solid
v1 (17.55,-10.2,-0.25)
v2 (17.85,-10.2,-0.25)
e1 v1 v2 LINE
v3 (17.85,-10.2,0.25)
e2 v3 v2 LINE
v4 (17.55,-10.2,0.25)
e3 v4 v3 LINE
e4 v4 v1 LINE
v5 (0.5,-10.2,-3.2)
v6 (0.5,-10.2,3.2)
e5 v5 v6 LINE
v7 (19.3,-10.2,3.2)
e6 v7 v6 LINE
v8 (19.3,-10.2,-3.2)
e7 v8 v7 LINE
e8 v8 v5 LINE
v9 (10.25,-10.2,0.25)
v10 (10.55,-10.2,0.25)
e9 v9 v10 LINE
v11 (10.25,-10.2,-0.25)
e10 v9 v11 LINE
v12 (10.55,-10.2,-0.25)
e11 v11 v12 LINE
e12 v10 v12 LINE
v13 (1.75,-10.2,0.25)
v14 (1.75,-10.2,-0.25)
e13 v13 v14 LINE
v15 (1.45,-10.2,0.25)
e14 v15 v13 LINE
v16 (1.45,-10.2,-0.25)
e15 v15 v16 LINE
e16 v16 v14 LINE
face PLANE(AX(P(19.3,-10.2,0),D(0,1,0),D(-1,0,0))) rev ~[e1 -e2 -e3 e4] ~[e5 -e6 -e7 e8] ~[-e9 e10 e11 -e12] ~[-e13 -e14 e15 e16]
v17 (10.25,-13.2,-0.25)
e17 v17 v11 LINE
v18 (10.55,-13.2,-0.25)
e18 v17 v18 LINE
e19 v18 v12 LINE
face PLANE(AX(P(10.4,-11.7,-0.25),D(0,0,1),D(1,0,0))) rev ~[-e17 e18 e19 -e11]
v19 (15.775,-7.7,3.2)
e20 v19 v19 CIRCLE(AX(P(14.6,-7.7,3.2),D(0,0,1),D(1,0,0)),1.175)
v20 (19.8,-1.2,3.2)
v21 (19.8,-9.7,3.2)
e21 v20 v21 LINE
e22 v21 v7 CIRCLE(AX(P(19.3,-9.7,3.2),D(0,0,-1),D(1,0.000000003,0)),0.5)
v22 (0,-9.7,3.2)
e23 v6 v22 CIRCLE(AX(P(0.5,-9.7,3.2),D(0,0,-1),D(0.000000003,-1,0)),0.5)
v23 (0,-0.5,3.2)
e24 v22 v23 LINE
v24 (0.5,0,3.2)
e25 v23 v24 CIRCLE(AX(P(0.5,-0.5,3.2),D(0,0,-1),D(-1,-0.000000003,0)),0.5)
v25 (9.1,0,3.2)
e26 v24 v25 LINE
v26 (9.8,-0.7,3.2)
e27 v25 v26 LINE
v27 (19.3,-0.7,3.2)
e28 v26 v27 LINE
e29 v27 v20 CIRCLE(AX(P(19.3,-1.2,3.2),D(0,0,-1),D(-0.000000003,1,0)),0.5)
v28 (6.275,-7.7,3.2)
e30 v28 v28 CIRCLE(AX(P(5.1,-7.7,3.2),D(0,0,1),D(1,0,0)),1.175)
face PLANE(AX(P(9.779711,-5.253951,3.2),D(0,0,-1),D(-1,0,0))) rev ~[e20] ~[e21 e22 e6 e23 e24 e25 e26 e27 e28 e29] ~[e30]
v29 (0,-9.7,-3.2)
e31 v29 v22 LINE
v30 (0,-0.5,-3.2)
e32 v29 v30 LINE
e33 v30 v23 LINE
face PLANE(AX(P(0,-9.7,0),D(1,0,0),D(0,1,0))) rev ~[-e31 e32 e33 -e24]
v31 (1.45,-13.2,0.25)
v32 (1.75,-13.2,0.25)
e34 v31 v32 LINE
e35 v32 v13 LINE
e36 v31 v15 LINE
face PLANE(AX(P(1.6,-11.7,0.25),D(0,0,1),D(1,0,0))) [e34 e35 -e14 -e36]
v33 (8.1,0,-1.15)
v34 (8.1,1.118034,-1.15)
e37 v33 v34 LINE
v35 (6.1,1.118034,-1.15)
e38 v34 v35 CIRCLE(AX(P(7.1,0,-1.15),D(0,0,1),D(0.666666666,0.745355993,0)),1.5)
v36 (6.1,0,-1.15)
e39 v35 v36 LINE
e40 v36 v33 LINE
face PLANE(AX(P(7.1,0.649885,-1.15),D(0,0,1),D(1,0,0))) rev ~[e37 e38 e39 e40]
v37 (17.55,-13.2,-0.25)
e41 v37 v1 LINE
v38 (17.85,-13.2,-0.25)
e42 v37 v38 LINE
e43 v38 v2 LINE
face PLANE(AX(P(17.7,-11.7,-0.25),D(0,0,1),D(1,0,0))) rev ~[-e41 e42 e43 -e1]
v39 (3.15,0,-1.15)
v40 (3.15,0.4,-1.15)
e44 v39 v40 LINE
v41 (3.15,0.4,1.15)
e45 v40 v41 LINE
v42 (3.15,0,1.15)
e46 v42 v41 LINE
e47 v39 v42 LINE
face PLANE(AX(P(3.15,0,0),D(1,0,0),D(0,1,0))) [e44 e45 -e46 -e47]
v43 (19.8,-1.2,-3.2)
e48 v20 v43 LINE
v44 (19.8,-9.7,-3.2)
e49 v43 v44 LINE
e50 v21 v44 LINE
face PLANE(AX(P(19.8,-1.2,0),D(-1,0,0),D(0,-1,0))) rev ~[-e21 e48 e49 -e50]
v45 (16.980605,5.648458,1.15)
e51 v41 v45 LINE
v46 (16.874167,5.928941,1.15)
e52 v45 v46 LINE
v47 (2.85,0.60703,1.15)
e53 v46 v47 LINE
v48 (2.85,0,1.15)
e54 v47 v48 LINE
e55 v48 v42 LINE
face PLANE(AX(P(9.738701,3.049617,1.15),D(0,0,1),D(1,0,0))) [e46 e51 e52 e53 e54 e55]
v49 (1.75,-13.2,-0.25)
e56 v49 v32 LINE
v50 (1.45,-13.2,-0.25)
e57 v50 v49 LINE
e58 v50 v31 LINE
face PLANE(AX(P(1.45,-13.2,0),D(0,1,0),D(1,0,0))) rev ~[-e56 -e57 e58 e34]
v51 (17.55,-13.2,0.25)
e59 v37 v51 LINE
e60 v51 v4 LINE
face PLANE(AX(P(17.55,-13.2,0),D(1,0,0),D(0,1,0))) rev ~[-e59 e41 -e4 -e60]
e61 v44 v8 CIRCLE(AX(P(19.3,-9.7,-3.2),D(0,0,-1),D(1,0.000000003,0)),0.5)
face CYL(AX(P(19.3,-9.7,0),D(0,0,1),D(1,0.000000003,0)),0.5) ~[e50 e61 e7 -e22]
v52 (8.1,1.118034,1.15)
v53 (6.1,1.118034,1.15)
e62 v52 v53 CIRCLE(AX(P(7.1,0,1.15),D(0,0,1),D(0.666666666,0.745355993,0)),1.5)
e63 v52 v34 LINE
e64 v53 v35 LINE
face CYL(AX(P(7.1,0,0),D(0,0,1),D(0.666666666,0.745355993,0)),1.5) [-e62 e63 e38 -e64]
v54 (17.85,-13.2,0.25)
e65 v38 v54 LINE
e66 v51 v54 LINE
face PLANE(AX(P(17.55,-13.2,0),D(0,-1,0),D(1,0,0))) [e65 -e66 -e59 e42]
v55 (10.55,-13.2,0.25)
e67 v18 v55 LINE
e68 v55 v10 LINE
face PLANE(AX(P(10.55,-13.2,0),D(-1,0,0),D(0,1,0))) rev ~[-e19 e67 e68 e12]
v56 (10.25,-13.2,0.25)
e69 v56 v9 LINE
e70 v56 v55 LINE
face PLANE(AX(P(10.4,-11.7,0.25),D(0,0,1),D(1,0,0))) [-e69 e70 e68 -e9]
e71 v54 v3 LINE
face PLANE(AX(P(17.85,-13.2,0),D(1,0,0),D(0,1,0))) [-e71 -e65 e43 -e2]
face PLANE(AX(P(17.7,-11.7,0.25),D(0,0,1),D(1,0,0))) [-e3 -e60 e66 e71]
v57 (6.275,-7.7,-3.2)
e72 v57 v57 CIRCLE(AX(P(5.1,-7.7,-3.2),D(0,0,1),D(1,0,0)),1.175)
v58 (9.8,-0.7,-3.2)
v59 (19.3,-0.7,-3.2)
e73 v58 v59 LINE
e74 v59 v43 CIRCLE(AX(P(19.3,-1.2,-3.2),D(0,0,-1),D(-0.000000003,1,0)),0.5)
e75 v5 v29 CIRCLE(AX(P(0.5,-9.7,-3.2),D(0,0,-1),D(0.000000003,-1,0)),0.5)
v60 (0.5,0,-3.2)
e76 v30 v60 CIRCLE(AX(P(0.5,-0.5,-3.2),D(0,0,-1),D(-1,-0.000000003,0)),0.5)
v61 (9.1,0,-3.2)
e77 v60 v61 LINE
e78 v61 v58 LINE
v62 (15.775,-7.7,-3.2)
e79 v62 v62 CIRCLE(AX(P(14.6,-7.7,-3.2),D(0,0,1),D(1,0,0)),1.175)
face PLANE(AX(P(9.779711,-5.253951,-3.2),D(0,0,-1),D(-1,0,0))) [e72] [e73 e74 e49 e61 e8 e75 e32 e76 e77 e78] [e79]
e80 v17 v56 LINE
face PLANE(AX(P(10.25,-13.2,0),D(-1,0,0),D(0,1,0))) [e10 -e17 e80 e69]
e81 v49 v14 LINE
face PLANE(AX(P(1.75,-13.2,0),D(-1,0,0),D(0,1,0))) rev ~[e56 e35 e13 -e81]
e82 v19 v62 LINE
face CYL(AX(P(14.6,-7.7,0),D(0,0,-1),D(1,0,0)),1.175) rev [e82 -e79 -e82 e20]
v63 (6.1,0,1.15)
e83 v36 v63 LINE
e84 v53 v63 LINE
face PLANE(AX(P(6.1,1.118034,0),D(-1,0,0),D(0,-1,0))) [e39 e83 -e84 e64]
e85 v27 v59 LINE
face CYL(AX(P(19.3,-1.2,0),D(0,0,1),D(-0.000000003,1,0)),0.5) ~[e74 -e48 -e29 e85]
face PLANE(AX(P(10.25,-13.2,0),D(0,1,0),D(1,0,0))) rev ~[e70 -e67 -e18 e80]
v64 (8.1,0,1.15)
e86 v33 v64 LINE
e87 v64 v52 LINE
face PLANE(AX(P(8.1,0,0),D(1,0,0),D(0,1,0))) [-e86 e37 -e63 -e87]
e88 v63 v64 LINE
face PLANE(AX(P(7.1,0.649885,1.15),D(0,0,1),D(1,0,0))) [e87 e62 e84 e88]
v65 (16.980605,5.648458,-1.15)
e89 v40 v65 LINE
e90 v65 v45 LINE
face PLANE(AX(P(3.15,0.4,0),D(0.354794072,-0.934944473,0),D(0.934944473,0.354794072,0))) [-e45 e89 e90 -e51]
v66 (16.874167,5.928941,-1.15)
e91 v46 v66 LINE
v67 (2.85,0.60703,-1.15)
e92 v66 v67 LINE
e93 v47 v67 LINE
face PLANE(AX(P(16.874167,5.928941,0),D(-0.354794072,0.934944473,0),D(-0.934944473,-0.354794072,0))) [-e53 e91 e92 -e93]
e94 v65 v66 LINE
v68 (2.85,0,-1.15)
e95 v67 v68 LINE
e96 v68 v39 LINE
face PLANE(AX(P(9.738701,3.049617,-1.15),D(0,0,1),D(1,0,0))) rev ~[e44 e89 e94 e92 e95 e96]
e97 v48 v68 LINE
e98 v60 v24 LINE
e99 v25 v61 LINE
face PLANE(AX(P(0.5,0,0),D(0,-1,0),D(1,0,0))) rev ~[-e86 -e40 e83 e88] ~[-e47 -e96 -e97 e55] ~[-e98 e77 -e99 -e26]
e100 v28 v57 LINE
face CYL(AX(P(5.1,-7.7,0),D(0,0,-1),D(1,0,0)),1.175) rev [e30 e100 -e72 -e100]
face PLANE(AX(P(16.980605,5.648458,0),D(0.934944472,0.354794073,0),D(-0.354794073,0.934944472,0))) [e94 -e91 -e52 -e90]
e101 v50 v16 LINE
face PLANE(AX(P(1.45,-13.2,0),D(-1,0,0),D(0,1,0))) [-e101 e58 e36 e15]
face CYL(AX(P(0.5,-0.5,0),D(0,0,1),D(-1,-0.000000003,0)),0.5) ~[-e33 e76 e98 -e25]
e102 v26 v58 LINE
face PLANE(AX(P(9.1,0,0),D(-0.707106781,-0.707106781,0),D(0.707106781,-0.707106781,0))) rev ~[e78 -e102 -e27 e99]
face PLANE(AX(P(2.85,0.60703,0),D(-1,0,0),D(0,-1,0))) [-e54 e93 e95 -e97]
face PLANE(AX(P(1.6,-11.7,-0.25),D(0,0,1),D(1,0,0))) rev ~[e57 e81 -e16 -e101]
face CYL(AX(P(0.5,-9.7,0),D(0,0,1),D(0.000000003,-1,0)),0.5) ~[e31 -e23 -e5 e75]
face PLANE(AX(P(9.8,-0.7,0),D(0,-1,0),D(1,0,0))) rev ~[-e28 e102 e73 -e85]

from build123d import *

# Parameters (mm, degrees)
SKETCH_1_R       = 1.175
EXTRUDE_1_DEPTH  = 3.2
EXTRUDE_2_DEPTH  = 1.15
EXTRUDE_10_DEPTH = 1.15
SKETCH_5_W       = 0.3
SKETCH_5_H       = 3
EXTRUDE_12_DEPTH = 0.25


with BuildPart() as part:
    # 草图1 → 凸台-拉伸1 (new, symmetric)
    with BuildSketch(Plane.XY):
        with BuildLine():
            Line((0.5, 0), (9.1, 0))
            Line((9.1, 0), (9.8, -0.7))
            Line((9.8, -0.7), (19.3, -0.7))
            ThreePointArc((19.3, -0.7), (19.653553391, -0.846446609), (19.8, -1.2))
            Line((19.8, -1.2), (19.8, -9.7))
            ThreePointArc((19.8, -9.7), (19.653553391, -10.053553391), (19.3, -10.2))
            Line((19.3, -10.2), (0.5, -10.2))
            ThreePointArc((0.5, -10.2), (0.146446609, -10.053553391), (0, -9.7))
            Line((0, -9.7), (0, -0.5))
            ThreePointArc((0, -0.5), (0.146446609, -0.146446609), (0.5, 0))
        make_face()
        with Locations((5.1, -7.7)):
            Circle(SKETCH_1_R, mode=Mode.SUBTRACT)
        with Locations((14.6, -7.7)):
            Circle(SKETCH_1_R, mode=Mode.SUBTRACT)
    extrude(amount=EXTRUDE_1_DEPTH, both=True)

    # 草图2 → 凸台-拉伸2 (add, symmetric)
    with BuildSketch(Plane.XY):
        with BuildLine():
            Line((6.1, 1.118033989), (6.1, 0))
            Line((6.1, 0), (8.1, 0))
            Line((8.1, 0), (8.1, 1.118033989))
            ThreePointArc((8.1, 1.118033989), (7.1, 1.5), (6.1, 1.118033989))
        make_face()
    extrude(amount=EXTRUDE_2_DEPTH, both=True)

    # 草图4 → 凸台-拉伸10 (add, symmetric)
    with BuildSketch(Plane.XY):
        Polygon((2.85, 0), (3.15, 0), (3.15, 0.4), (16.98060531, 5.648457972), (16.874167088, 5.928941314), (2.85, 0.60703024), align=None)
    extrude(amount=EXTRUDE_10_DEPTH, both=True)

    # 草图5 → 凸台-拉伸12 (add, symmetric)
    with BuildSketch(Plane.XY):
        with Locations((1.6, -11.7)):
            Rectangle(SKETCH_5_W, SKETCH_5_H)
        with Locations((10.4, -11.7)):
            Rectangle(SKETCH_5_W, SKETCH_5_H)
        with Locations((17.7, -11.7)):
            Rectangle(SKETCH_5_W, SKETCH_5_H)
    extrude(amount=EXTRUDE_12_DEPTH, both=True)


solid = part.part
